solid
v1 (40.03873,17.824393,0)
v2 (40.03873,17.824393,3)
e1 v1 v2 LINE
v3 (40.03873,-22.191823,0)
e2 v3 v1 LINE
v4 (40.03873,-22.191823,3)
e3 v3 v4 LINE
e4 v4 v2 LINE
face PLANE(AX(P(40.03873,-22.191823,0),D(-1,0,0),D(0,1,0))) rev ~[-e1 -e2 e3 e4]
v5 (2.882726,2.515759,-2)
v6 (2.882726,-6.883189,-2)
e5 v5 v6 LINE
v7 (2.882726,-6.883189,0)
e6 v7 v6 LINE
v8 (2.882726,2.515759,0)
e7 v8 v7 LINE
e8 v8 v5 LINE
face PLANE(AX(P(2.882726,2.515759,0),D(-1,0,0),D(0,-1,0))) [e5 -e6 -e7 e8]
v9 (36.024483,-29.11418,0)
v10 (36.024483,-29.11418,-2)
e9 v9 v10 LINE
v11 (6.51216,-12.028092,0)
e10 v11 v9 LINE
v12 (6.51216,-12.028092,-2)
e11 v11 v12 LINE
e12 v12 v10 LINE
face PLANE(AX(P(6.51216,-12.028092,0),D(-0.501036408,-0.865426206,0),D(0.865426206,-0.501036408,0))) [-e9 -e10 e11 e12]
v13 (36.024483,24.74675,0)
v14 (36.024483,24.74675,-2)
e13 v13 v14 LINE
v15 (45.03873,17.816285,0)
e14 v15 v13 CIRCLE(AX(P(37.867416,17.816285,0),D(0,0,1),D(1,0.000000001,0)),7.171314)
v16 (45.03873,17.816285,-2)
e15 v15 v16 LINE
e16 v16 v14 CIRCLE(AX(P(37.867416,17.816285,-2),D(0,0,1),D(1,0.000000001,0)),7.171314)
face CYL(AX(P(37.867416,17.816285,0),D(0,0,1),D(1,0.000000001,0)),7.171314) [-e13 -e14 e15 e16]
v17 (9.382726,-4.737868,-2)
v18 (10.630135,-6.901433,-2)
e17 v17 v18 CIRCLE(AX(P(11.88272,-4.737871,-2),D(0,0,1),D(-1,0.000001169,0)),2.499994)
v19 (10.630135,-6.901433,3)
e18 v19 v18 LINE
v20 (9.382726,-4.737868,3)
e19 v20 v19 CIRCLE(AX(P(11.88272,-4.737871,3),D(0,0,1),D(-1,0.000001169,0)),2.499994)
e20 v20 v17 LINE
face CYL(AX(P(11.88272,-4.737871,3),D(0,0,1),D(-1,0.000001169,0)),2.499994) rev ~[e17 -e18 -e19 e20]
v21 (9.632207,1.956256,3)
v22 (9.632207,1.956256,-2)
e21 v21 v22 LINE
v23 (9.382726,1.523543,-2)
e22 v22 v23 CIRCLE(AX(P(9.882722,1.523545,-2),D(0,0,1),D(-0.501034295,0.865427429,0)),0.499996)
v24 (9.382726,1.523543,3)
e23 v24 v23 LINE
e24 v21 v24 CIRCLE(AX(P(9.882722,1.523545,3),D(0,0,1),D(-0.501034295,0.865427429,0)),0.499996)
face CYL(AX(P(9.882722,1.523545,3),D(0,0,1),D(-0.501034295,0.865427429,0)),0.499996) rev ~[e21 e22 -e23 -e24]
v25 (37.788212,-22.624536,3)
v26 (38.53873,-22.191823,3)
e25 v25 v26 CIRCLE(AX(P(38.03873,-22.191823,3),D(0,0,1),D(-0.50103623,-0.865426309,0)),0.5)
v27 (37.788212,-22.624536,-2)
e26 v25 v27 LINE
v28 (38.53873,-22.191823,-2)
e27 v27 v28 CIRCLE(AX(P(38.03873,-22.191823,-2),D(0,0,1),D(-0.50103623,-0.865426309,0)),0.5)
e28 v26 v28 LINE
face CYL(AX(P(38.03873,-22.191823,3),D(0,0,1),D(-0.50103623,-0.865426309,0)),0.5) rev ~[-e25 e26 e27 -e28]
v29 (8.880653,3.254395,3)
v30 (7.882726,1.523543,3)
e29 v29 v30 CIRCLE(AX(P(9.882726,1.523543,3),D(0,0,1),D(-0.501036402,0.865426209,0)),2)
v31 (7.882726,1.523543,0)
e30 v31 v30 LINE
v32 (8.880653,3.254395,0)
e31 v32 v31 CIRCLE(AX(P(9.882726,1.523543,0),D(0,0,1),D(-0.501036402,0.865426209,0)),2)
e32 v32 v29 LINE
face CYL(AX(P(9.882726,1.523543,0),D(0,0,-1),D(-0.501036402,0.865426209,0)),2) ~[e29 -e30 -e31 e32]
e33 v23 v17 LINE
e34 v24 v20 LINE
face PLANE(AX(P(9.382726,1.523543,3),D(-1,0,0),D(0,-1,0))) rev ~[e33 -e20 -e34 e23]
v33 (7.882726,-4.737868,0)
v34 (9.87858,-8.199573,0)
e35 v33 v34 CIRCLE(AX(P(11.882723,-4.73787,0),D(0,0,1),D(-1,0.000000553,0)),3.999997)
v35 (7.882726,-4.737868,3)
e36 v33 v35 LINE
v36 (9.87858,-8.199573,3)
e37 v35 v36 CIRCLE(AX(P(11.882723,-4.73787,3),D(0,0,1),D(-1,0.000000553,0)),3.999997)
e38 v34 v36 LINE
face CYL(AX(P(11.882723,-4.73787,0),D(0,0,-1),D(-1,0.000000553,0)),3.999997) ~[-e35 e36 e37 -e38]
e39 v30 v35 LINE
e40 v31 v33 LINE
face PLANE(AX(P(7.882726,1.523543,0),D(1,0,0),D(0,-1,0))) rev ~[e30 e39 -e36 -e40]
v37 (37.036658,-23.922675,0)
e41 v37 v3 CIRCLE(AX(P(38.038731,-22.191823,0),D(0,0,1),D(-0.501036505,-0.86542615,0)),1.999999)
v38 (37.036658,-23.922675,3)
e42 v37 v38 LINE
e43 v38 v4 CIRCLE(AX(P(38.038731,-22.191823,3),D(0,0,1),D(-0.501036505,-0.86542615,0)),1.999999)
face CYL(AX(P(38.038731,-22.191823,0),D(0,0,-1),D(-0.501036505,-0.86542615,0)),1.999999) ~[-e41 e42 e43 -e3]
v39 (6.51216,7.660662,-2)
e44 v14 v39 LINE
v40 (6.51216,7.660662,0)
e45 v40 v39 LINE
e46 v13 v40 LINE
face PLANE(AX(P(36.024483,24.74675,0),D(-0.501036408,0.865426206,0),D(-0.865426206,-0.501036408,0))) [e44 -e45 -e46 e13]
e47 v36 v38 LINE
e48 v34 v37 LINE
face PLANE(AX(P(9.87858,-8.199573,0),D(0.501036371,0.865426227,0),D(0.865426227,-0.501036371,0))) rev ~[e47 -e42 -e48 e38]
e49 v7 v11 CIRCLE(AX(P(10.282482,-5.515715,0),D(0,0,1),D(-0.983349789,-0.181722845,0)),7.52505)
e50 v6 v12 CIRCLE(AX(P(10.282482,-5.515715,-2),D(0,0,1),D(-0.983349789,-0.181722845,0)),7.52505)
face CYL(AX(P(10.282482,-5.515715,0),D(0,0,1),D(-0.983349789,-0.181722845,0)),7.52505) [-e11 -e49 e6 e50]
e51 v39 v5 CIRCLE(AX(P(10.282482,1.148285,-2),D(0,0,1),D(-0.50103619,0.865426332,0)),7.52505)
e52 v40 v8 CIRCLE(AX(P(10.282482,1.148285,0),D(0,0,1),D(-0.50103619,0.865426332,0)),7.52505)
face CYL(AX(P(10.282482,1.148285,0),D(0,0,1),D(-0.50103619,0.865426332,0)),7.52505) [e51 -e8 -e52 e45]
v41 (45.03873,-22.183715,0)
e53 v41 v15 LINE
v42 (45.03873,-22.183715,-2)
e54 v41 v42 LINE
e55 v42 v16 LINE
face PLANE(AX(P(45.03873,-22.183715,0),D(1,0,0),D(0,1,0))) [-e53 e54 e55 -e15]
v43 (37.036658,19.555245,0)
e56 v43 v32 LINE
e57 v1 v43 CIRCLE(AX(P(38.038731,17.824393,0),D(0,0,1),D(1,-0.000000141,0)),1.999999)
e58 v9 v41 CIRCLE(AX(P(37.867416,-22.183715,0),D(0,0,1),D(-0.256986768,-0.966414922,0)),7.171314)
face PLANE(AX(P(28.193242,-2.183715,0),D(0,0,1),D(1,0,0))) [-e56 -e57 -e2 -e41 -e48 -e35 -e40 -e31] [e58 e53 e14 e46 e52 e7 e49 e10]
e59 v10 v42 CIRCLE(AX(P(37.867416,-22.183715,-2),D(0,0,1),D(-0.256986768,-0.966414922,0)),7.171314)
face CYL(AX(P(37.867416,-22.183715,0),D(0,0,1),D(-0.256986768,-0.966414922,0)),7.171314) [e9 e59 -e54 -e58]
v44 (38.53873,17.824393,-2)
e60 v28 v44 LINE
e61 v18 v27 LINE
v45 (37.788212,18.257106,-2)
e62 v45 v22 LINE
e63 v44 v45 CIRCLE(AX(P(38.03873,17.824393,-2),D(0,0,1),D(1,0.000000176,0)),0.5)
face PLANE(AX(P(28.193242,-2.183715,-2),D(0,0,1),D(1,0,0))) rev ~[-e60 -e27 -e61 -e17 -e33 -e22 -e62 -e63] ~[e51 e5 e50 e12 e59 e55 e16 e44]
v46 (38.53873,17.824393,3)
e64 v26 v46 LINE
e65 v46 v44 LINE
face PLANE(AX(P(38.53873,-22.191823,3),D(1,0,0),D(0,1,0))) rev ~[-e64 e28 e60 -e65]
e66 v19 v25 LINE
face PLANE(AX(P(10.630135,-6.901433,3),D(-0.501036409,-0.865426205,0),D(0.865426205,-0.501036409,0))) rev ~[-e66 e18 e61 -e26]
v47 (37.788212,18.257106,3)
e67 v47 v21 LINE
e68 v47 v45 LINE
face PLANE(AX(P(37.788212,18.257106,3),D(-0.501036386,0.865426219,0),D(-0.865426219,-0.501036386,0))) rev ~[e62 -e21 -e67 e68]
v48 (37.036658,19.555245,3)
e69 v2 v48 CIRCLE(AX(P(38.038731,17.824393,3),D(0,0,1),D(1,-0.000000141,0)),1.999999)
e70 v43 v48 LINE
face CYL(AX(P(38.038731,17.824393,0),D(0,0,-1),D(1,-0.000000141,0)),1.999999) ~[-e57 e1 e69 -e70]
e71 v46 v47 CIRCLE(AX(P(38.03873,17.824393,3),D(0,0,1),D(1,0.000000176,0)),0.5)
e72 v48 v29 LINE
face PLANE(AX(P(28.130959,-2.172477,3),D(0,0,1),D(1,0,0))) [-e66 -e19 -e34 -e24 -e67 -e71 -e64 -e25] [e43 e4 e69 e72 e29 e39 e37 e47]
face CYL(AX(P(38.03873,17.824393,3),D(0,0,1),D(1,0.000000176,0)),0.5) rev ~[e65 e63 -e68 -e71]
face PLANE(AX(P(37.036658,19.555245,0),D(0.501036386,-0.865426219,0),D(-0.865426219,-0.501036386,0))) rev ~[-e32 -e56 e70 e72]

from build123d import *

# Parameters (mm, degrees)
F2_DEPTH = 3
F4_DEPTH = 2
F6_DEPTH = 5.001


with BuildPart() as f2:
    # F1 (on face) → F2 (new body)
    with BuildSketch(Plane.XY):
        with BuildLine():
            ThreePointArc((7.882726, -4.737868), (8.417427, -6.735794), (9.87858, -8.199573))
            Line((9.87858, -8.199573), (37.036658, -23.922675))
            ThreePointArc((37.036658, -23.922675), (39.037693, -23.924472), (40.03873, -22.191823))
            Line((40.03873, -22.191823), (40.03873, -2.183715))
            Line((40.03873, -2.183715), (40.03873, 17.824393))
            ThreePointArc((40.03873, 17.824393), (39.037693, 19.557042), (37.036658, 19.555245))
            Line((37.036658, 19.555245), (8.880653, 3.254395))
            ThreePointArc((8.880653, 3.254395), (8.150077, 2.522506), (7.882726, 1.523543))
            Line((7.882726, 1.523543), (7.882726, -2.183715))
            Line((7.882726, -2.183715), (7.882726, -4.737868))
        make_face()
    extrude(amount=F2_DEPTH)

    # F3 (on face) → F4 (join)
    with BuildSketch(Plane.XY):
        with BuildLine():
            Line((6.51216, -12.028092), (36.024483, -29.11418))
            ThreePointArc((36.024483, -29.11418), (42.238428, -27.868959), (45.03873, -22.183715))
            Line((45.03873, -22.183715), (45.03873, -2.183715))
            Line((45.03873, -2.183715), (45.03873, 17.816285))
            ThreePointArc((45.03873, 17.816285), (42.238428, 23.501529), (36.024483, 24.74675))
            Line((36.024483, 24.74675), (6.51216, 7.660662))
            ThreePointArc((6.51216, 7.660662), (4.133485, 5.486051), (2.882726, 2.515759))
            Line((2.882726, 2.515759), (2.882726, -2.183715))
            Line((2.882726, -2.183715), (2.882726, -6.883189))
            ThreePointArc((2.882726, -6.883189), (4.133485, -9.853481), (6.51216, -12.028092))
        make_face()
    extrude(amount=-F4_DEPTH)

    # F5 (on face) → F6 (cut, through all)
    with BuildSketch(Plane.XY.offset(3)):
        with BuildLine():
            ThreePointArc((9.632207, 1.956256), (9.449563, 1.773284), (9.382726, 1.523543))
            Line((9.382726, 1.523543), (9.382726, -4.737868))
            ThreePointArc((9.382726, -4.737868), (9.716914, -5.986572), (10.630135, -6.901433))
            Line((10.630135, -6.901433), (37.788212, -22.624536))
            ThreePointArc((37.788212, -22.624536), (38.288471, -22.624985), (38.53873, -22.191823))
            Line((38.53873, -22.191823), (38.53873, 17.824393))
            ThreePointArc((38.53873, 17.824393), (38.288471, 18.257555), (37.788212, 18.257106))
            Line((37.788212, 18.257106), (9.632207, 1.956256))
        make_face()
    extrude(amount=-F6_DEPTH, mode=Mode.SUBTRACT)


solid = f2.part
